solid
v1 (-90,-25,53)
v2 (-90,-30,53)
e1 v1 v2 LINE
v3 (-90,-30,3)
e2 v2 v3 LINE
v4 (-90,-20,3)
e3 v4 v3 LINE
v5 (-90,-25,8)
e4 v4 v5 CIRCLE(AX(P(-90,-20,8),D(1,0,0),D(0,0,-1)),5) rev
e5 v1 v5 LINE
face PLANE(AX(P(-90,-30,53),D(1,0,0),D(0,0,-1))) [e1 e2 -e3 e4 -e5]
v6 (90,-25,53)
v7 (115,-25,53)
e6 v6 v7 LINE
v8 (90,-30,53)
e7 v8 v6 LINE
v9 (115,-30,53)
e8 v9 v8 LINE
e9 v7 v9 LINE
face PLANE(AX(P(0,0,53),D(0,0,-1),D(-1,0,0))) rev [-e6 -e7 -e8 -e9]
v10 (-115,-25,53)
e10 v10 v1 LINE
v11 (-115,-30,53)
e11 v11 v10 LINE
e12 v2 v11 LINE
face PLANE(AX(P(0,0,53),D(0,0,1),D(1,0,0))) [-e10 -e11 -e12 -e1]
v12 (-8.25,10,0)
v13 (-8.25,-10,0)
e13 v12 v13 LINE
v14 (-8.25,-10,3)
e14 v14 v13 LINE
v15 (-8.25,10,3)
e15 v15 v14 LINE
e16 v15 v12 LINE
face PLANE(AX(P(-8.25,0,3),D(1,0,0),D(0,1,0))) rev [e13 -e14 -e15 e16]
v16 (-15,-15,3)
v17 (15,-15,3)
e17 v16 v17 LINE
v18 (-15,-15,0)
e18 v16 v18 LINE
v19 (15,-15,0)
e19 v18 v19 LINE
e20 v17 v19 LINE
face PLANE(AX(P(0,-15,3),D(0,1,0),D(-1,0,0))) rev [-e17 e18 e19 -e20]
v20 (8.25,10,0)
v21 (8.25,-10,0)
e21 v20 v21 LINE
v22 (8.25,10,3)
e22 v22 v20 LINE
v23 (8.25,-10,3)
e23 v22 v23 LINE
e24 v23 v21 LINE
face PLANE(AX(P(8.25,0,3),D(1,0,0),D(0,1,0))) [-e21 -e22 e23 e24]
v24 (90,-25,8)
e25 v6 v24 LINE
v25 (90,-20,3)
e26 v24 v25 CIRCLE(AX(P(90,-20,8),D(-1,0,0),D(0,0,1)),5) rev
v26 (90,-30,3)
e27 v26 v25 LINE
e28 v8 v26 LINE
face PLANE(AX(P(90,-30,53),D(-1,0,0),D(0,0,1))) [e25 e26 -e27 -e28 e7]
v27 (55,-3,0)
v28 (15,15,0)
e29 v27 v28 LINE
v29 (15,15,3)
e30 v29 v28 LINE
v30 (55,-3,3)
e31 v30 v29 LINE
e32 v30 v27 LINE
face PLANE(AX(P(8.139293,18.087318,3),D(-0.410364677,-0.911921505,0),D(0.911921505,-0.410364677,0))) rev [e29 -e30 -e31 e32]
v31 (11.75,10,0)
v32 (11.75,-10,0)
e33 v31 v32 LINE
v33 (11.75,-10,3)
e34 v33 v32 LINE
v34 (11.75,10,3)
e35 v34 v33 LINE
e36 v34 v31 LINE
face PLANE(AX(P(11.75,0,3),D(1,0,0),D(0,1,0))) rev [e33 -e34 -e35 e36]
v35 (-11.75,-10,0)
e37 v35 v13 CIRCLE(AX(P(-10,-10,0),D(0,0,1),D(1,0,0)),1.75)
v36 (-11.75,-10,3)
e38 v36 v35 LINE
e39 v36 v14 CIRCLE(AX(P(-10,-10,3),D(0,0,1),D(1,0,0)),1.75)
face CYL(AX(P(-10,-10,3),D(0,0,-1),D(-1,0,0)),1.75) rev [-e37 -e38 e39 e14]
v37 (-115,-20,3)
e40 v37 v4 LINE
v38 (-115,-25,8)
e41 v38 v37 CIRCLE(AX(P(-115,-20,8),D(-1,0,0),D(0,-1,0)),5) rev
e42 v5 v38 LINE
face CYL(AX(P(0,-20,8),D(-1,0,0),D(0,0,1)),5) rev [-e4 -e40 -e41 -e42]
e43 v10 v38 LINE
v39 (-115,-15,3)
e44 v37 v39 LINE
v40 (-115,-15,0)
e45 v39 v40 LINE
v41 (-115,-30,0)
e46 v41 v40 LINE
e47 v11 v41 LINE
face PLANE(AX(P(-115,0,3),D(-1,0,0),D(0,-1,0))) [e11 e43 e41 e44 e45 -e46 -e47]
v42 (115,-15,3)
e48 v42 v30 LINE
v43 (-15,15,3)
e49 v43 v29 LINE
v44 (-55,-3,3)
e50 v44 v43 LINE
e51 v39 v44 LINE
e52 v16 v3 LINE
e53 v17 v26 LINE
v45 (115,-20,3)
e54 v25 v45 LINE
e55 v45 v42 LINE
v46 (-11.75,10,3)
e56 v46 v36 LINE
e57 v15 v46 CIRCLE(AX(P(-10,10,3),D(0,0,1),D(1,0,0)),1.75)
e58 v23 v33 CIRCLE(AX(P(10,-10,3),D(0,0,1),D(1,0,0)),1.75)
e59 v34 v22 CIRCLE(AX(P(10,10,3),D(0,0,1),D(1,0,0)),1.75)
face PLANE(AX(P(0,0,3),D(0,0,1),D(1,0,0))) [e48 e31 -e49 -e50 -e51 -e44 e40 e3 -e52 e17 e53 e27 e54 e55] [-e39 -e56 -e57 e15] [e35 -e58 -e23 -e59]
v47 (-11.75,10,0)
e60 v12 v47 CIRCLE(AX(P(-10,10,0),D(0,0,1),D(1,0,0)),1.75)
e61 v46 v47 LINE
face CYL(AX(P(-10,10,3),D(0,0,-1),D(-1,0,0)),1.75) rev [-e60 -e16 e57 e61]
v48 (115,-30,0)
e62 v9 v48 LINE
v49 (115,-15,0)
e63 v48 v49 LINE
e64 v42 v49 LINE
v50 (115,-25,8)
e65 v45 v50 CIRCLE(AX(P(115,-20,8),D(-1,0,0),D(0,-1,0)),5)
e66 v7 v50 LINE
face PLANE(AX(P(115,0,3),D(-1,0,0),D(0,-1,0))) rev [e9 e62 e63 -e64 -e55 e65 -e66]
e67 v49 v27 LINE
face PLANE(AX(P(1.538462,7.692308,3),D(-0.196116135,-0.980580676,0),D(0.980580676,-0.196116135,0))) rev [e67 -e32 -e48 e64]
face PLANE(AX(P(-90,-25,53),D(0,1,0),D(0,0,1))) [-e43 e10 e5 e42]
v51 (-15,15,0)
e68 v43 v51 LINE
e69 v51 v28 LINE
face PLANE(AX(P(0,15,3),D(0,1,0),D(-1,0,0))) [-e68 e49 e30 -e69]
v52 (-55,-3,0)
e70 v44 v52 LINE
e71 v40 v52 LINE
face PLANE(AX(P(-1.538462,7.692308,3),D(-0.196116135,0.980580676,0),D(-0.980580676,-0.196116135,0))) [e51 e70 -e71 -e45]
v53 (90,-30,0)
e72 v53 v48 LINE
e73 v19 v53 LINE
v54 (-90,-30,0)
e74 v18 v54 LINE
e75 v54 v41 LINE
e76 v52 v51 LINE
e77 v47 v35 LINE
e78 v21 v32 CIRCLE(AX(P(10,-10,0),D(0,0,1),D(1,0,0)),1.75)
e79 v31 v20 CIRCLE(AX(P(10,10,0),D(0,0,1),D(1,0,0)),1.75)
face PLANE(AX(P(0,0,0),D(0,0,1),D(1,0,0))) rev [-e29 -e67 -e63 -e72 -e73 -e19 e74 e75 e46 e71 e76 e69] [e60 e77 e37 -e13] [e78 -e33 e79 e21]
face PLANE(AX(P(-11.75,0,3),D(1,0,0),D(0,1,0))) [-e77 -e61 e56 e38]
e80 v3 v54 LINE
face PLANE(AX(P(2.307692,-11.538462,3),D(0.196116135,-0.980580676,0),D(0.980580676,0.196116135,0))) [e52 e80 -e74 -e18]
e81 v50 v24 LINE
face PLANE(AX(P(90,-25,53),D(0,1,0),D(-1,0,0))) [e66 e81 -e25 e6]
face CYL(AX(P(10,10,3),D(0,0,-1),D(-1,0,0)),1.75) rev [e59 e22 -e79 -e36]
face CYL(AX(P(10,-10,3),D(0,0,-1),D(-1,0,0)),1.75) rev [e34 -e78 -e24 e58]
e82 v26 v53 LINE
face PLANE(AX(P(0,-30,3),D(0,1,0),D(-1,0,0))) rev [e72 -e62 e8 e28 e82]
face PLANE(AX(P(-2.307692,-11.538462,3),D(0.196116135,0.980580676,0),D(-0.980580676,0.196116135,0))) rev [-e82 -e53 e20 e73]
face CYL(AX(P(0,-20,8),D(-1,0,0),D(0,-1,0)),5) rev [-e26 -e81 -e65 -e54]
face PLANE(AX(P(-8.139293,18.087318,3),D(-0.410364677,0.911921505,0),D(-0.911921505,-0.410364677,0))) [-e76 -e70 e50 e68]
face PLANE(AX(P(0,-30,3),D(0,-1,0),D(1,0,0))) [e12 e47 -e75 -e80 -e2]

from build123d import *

# Parameters (mm, degrees)
SKETCH_1_W      = 30
SKETCH_1_H      = 30
EXTRUDE_1_DEPTH = 3
EXTRUDE_START   = -3
SKETCH_2_W      = 25
SKETCH_2_H      = 5
EXTRUDE_2_DEPTH = 50
FILLET_1_R      = 5


with BuildPart() as part:
    # 草图1 → 凸台-拉伸1 (new body)
    # profile 1 of 3: a face of its own
    with BuildSketch(Plane.XY):
        Polygon((15, 15), (15, -15), (90, -30), (115, -30), (115, -15), (55, -3), align=None)
    # profile 2 of 3: a face of its own
    with BuildSketch(Plane.XY):
        Rectangle(SKETCH_1_W, SKETCH_1_H)
        with BuildLine():
            Line((-11.75, -10), (-11.75, 10))
            ThreePointArc((-11.75, 10), (-10, 11.75), (-8.25, 10))
            Line((-8.25, 10), (-8.25, -10))
            ThreePointArc((-8.25, -10), (-10, -11.75), (-11.75, -10))
        make_face(mode=Mode.SUBTRACT)
        with BuildLine():
            ThreePointArc((8.25, 10), (10, 11.75), (11.75, 10))
            Line((11.75, 10), (11.75, -10))
            ThreePointArc((11.75, -10), (10, -11.75), (8.25, -10))
            Line((8.25, -10), (8.25, 10))
        make_face(mode=Mode.SUBTRACT)
    # profile 3 of 3: a face of its own
    with BuildSketch(Plane.XY):
        Polygon((-55, -3), (-15, 15), (-15, -15), (-90, -30), (-115, -30), (-115, -15), align=None)
    extrude(amount=EXTRUDE_1_DEPTH)

    # 草图2 → 凸台-拉伸2 (add)
    with BuildSketch(Plane(origin=(0, 0, 0), x_dir=(-1, 0, 0), z_dir=(0, 0, -1)).offset(EXTRUDE_START)):
        with Locations((-102.5, -27.5)):
            Rectangle(SKETCH_2_W, SKETCH_2_H)
        with Locations((102.5, -27.5)):
            Rectangle(SKETCH_2_W, SKETCH_2_H)
    extrude(amount=-EXTRUDE_2_DEPTH)

    # 圆角1
    fillet_1_edges = [part.edges().sort_by_distance(p)[0] for p in [
        (102.5, -25, 3),
        (-102.5, -25, 3),
    ]]
    fillet(fillet_1_edges, radius=FILLET_1_R)


solid = part.part
